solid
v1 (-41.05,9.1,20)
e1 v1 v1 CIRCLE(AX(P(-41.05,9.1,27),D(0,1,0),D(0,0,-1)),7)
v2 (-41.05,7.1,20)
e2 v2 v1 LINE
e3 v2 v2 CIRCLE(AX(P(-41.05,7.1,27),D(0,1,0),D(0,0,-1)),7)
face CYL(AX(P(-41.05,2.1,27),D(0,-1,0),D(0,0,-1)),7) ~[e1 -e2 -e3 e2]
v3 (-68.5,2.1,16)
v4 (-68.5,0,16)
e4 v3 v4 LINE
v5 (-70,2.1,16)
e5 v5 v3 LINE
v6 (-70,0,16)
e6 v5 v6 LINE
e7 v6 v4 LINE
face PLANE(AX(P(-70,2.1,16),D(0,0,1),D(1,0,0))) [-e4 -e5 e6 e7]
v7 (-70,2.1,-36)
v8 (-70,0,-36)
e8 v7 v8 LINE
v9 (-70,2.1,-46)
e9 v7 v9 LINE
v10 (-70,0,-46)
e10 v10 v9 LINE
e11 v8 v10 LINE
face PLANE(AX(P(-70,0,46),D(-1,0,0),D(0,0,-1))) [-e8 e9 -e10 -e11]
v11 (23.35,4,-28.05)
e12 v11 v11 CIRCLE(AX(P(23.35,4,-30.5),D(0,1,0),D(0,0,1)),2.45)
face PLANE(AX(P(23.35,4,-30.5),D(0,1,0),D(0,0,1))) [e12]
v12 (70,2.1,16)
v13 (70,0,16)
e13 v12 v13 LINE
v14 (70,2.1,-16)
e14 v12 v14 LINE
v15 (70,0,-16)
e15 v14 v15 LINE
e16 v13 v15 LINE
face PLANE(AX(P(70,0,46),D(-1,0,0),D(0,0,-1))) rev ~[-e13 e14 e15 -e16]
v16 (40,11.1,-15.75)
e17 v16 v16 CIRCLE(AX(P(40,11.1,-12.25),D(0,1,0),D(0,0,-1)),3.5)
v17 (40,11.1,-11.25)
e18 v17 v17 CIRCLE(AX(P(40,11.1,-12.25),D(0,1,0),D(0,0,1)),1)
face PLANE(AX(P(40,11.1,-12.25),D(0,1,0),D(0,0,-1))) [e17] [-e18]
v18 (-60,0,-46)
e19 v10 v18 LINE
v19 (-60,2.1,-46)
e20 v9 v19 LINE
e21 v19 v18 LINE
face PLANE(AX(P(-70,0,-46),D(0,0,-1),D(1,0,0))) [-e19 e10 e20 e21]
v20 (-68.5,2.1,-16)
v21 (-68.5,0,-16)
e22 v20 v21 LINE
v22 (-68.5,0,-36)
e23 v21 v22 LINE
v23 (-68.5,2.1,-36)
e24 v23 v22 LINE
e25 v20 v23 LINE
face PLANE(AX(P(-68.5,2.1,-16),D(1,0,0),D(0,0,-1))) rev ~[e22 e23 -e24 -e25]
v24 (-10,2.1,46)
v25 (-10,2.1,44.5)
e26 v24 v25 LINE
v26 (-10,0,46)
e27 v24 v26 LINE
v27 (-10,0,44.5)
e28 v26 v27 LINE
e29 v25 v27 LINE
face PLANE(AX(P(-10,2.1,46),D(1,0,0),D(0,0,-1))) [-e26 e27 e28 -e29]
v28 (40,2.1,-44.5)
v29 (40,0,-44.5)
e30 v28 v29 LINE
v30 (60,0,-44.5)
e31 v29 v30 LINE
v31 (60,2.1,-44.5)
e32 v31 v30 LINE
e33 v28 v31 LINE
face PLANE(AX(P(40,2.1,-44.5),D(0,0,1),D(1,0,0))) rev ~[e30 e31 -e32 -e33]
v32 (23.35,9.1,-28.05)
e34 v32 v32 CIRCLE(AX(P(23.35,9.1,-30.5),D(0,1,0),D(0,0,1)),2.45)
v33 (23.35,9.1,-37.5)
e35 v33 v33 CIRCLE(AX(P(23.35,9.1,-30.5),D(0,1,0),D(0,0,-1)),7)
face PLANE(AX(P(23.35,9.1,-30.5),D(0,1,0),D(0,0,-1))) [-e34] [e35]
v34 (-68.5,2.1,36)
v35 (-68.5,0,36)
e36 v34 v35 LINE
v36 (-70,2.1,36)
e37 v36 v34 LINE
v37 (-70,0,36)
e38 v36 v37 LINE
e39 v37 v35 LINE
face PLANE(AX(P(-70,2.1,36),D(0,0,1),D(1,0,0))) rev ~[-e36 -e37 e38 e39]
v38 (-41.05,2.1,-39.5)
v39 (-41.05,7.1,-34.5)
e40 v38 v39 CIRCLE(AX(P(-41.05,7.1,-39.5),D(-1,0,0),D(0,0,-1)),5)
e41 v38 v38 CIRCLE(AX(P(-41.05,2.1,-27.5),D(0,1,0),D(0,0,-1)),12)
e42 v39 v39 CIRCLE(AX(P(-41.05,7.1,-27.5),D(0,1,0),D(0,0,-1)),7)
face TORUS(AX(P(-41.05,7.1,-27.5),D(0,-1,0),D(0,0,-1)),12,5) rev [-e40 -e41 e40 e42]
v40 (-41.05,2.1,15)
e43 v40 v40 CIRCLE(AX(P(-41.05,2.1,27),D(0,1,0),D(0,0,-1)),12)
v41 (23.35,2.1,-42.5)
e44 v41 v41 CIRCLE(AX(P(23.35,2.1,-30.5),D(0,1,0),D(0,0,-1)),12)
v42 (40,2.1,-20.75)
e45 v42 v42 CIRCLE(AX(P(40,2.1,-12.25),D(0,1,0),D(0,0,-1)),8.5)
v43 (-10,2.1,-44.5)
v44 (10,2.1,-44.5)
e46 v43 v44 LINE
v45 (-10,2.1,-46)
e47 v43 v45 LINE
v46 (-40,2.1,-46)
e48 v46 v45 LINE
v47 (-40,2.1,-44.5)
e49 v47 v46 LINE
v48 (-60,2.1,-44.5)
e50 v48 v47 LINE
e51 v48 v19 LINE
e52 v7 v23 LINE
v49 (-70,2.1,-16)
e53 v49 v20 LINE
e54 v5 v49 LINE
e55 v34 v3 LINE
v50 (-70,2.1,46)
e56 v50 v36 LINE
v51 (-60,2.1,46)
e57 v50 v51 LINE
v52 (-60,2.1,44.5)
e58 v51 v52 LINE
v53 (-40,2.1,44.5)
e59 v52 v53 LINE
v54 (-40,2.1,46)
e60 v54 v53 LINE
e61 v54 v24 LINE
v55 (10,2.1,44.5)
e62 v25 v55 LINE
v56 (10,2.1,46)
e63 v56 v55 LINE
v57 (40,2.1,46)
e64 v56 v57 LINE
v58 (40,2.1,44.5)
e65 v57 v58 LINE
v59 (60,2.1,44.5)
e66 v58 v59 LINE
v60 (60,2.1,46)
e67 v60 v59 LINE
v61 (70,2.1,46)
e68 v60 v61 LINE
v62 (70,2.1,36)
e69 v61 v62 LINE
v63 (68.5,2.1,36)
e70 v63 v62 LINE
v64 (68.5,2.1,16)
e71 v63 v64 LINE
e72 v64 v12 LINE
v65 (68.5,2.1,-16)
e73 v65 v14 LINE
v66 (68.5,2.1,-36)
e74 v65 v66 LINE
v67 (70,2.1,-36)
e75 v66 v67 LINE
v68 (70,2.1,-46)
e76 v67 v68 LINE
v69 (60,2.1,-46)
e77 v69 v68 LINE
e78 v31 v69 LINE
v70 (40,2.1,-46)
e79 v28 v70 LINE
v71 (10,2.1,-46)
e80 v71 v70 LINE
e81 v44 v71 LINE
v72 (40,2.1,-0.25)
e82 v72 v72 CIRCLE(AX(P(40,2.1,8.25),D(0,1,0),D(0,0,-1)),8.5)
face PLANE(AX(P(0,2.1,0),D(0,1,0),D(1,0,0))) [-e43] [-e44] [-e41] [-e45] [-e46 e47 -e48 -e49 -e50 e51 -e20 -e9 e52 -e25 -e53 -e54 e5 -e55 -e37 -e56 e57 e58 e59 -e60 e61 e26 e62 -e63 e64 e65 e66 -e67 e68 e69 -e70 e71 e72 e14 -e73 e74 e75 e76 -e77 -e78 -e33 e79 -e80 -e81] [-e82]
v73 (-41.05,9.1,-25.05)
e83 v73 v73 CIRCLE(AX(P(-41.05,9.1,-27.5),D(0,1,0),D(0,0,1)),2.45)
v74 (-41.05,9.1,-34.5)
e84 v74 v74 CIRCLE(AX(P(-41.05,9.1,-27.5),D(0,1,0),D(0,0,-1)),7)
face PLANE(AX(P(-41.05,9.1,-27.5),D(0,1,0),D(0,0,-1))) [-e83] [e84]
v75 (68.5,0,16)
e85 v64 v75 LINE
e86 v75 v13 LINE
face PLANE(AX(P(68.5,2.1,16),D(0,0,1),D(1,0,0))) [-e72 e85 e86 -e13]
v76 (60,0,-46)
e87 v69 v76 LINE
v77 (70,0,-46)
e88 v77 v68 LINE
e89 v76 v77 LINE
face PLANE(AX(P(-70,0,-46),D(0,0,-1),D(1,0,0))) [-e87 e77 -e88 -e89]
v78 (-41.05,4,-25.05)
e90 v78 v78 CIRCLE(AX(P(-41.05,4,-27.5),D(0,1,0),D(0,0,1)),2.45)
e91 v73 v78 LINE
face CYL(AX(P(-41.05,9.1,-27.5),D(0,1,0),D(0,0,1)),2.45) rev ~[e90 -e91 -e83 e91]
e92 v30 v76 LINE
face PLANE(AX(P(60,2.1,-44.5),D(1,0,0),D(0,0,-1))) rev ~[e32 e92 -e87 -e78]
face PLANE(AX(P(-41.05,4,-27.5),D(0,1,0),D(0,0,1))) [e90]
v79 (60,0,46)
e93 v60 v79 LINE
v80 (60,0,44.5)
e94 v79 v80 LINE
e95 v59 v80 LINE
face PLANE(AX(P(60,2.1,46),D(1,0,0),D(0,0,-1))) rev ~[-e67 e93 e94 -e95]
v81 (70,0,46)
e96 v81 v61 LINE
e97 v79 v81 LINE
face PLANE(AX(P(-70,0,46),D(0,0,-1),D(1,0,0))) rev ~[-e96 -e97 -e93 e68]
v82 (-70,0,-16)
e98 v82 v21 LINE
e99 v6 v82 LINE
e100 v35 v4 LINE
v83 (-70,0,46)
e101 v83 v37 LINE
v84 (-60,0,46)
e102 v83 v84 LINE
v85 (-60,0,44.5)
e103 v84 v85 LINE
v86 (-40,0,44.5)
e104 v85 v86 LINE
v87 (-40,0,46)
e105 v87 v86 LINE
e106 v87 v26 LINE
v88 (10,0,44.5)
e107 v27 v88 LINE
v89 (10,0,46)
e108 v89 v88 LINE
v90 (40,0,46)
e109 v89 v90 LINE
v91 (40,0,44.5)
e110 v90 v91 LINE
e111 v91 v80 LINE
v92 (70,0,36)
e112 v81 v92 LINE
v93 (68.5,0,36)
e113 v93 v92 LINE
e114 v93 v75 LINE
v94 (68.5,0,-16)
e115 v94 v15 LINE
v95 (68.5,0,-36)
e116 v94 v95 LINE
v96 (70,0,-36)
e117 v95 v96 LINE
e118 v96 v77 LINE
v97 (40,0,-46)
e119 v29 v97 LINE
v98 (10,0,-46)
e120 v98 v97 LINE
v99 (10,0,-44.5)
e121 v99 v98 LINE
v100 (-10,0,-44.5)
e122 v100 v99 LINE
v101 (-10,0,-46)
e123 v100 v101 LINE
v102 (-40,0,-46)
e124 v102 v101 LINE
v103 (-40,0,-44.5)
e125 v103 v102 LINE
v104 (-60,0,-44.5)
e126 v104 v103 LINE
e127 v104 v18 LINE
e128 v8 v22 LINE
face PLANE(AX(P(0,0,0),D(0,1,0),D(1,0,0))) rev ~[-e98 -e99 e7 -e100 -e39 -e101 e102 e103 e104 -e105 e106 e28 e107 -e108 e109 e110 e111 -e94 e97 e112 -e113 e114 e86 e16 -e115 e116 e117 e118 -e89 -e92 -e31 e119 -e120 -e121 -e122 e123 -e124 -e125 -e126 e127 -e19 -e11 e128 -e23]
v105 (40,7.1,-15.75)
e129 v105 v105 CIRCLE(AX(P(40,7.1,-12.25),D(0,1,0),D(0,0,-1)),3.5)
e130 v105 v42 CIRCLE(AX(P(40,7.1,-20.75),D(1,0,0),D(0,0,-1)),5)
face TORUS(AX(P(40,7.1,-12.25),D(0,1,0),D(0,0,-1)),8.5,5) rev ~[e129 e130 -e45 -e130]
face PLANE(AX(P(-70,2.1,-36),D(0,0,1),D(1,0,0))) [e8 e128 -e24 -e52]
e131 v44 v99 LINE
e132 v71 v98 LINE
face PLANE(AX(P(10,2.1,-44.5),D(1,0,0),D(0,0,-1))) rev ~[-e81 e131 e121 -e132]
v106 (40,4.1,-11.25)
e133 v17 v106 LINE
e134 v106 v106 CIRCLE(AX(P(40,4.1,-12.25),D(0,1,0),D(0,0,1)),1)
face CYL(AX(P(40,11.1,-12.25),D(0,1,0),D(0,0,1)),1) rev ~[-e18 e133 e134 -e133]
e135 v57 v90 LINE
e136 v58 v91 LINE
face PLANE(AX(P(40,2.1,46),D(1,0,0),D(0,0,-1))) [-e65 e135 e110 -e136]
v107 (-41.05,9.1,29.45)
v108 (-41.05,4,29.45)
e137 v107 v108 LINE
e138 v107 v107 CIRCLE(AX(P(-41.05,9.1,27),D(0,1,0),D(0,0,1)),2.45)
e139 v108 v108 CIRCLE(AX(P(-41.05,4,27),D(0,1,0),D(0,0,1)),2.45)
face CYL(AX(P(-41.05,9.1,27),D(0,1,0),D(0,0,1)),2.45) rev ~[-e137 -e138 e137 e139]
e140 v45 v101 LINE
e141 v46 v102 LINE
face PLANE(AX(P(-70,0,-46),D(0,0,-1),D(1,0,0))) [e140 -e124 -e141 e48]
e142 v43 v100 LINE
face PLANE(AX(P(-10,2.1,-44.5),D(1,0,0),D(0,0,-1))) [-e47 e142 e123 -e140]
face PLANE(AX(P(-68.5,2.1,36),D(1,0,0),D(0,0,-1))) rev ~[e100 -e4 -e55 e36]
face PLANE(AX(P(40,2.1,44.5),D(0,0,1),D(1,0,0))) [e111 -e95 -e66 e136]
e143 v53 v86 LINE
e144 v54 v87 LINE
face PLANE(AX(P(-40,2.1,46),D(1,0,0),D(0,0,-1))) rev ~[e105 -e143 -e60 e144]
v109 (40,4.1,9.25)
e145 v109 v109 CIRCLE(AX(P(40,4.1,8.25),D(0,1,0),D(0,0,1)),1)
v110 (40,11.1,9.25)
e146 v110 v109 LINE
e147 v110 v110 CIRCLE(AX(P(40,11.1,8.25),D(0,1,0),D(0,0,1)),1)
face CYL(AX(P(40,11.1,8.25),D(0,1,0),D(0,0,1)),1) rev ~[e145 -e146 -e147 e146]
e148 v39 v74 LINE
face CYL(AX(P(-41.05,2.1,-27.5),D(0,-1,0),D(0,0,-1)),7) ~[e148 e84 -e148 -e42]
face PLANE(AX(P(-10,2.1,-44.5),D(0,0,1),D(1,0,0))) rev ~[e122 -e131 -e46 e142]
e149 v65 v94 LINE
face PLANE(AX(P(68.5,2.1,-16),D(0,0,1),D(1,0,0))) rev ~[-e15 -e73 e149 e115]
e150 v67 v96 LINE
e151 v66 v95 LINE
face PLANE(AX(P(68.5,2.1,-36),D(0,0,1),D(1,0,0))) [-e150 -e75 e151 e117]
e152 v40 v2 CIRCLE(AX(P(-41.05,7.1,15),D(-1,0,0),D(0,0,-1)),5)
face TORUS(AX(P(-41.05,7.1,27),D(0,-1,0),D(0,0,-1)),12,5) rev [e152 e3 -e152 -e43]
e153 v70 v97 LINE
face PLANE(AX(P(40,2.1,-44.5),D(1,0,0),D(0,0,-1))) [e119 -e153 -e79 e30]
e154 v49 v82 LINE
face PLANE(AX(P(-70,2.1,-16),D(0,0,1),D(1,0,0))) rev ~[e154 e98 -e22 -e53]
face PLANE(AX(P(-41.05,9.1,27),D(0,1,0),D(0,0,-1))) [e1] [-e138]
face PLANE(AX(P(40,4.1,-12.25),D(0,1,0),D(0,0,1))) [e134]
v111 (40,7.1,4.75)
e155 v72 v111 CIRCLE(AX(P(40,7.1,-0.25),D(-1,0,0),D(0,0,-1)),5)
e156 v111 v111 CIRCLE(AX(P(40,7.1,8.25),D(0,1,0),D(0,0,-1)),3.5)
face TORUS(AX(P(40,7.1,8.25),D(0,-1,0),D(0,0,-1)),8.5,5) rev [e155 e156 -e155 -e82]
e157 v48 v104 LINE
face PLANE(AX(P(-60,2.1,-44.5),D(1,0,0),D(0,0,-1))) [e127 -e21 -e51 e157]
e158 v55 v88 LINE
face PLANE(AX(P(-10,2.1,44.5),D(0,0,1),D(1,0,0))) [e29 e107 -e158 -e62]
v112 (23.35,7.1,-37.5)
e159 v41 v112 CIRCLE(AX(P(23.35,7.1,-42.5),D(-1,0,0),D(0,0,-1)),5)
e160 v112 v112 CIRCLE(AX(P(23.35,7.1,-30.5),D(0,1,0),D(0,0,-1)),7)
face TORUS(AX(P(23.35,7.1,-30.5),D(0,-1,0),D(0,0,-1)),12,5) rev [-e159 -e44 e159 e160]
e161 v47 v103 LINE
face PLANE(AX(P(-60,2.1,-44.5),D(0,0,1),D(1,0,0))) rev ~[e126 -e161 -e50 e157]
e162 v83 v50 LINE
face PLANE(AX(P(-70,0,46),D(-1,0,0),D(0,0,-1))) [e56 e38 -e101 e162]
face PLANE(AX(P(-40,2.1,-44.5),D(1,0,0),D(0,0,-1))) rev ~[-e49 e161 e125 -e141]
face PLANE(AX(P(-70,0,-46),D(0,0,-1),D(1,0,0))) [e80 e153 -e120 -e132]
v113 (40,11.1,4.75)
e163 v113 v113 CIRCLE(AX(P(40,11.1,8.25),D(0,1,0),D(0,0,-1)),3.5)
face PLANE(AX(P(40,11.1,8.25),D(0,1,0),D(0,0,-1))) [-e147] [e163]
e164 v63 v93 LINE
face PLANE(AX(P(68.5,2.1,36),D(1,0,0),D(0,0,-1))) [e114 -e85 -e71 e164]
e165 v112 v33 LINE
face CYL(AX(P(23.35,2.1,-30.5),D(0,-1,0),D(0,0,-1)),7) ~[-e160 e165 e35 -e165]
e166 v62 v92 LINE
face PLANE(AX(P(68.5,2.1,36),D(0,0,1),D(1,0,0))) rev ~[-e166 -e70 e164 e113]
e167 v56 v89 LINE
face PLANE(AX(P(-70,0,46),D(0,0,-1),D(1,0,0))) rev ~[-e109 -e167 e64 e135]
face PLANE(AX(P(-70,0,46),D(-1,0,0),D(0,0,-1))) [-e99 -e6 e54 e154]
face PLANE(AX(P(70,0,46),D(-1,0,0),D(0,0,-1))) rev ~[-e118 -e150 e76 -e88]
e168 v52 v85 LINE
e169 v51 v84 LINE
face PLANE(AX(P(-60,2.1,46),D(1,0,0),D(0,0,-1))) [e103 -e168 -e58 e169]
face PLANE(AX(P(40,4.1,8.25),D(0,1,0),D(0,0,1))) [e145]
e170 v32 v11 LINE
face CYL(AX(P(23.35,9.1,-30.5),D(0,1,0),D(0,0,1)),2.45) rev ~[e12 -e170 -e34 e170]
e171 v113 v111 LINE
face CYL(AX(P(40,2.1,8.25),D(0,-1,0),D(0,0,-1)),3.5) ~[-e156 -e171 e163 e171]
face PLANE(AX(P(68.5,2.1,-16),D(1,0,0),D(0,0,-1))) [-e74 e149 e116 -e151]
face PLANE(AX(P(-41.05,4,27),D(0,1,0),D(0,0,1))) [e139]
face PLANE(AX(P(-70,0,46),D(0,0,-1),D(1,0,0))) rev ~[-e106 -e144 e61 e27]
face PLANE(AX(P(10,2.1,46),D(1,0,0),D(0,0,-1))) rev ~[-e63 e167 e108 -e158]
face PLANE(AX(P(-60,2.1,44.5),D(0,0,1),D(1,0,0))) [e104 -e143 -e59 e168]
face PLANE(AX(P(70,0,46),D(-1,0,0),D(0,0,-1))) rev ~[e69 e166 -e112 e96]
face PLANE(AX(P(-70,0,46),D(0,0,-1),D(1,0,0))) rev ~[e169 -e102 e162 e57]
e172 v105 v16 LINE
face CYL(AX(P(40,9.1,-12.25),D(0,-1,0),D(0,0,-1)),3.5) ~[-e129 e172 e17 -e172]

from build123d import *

# Parameters (mm, degrees)
SKETCH1_W           = 140
SKETCH1_H           = 92
BOSS_EXTRUDE1_DEPTH = 2.1
SKETCH2_W           = 1.5
SKETCH2_H           = 20
SKETCH2_W_2         = 20
SKETCH2_H_2         = 1.5
CUT_EXTRUDE1_DEPTH  = 84.787886953
SKETCH3_R           = 7
SKETCH3_R_2         = 3.5
BOSS_EXTRUDE2_DEPTH = 7
SKETCH6_R           = 3.5
BOSS_EXTRUDE3_DEPTH = 2
SKETCH7_R           = 2.45
CUT_EXTRUDE4_DEPTH  = 5.1
SKETCH8_R           = 1
CUT_EXTRUDE5_DEPTH  = 7
FILLET1_R           = 5


with BuildPart() as part:
    # Sketch1 → Boss-Extrude1 (new body)
    with BuildSketch(Plane(origin=(0, 0, 0), x_dir=(1, 0, 0), z_dir=(0, 1, 0))):
        Rectangle(SKETCH1_W, SKETCH1_H)
    extrude(amount=BOSS_EXTRUDE1_DEPTH)

    # Sketch2 → Cut-Extrude1 (cut, through all)
    with BuildSketch(Plane(origin=(0, 2.1, 0), x_dir=(1, 0, 0), z_dir=(0, 1, 0))):
        with Locations((69.25, 26)):
            Rectangle(SKETCH2_W, SKETCH2_H)
        with Locations((69.25, -26)):
            Rectangle(SKETCH2_W, SKETCH2_H)
        with Locations((50, -45.25)):
            Rectangle(SKETCH2_W_2, SKETCH2_H_2)
        with Locations((-50, -45.25)):
            Rectangle(SKETCH2_W_2, SKETCH2_H_2)
        with Locations((0, -45.25)):
            Rectangle(SKETCH2_W_2, SKETCH2_H_2)
        with Locations((-50, 45.25)):
            Rectangle(SKETCH2_W_2, SKETCH2_H_2)
        with Locations((0, 45.25)):
            Rectangle(SKETCH2_W_2, SKETCH2_H_2)
        with Locations((50, 45.25)):
            Rectangle(SKETCH2_W_2, SKETCH2_H_2)
        with Locations((-69.25, 26)):
            Rectangle(SKETCH2_W, SKETCH2_H)
        with Locations((-69.25, -26)):
            Rectangle(SKETCH2_W, SKETCH2_H)
    extrude(amount=-CUT_EXTRUDE1_DEPTH, mode=Mode.SUBTRACT)

    # Sketch3 → Boss-Extrude2 (add)
    with BuildSketch(Plane(origin=(0, 2.1, 0), x_dir=(1, 0, 0), z_dir=(0, 1, 0))):
        with Locations(Location((-41.05, 27.5, 0), (0, 0, 90))):
            Circle(SKETCH3_R)
        with Locations(Location((-41.05, -27, 0), (0, 0, 90))):
            Circle(SKETCH3_R)
        with Locations(Location((23.35, 30.5, 0), (0, 0, 90))):
            Circle(SKETCH3_R)
        with Locations(Location((40, 12.25, 0), (0, 0, 90))):
            Circle(SKETCH3_R_2)
        with Locations(Location((40, -8.25, 0), (0, 0, 90))):
            Circle(SKETCH3_R_2)
    extrude(amount=BOSS_EXTRUDE2_DEPTH)

    # Sketch6 → Boss-Extrude3 (add)
    with BuildSketch(Plane(origin=(0, 9.1, 0), x_dir=(1, 0, 0), z_dir=(0, 1, 0))):
        with Locations(Location((40, 12.25, 0), (0, 0, 90))):
            Circle(SKETCH6_R)
        with Locations(Location((40, -8.25, 0), (0, 0, 90))):
            Circle(SKETCH6_R)
    extrude(amount=BOSS_EXTRUDE3_DEPTH)

    # Sketch7 → Cut-Extrude4 (cut)
    with BuildSketch(Plane(origin=(0, 9.1, 0), x_dir=(1, 0, 0), z_dir=(0, 1, 0))):
        with Locations(Location((-41.05, 27.5, 0), (0, 0, 270))):
            Circle(SKETCH7_R)
        with Locations(Location((23.35, 30.5, 0), (0, 0, 270))):
            Circle(SKETCH7_R)
        with Locations(Location((-41.05, -27, 0), (0, 0, 270))):
            Circle(SKETCH7_R)
    extrude(amount=-CUT_EXTRUDE4_DEPTH, mode=Mode.SUBTRACT)

    # Sketch8 → Cut-Extrude5 (cut)
    with BuildSketch(Plane(origin=(0, 11.1, 0), x_dir=(1, 0, 0), z_dir=(0, 1, 0))):
        with Locations(Location((40, 12.25, 0), (0, 0, 270))):
            Circle(SKETCH8_R)
        with Locations(Location((40, -8.25, 0), (0, 0, 270))):
            Circle(SKETCH8_R)
    extrude(amount=-CUT_EXTRUDE5_DEPTH, mode=Mode.SUBTRACT)

    # Fillet1
    fillet1_edges = [part.edges().sort_by_distance(p)[0] for p in [
        (-41.05, 2.1, -20.5),
        (-41.05, 2.1, 34),
        (23.35, 2.1, -23.5),
        (40, 2.1, -8.75),
        (40, 2.1, 11.75),
    ]]
    fillet(fillet1_edges, radius=FILLET1_R)


solid = part.part
